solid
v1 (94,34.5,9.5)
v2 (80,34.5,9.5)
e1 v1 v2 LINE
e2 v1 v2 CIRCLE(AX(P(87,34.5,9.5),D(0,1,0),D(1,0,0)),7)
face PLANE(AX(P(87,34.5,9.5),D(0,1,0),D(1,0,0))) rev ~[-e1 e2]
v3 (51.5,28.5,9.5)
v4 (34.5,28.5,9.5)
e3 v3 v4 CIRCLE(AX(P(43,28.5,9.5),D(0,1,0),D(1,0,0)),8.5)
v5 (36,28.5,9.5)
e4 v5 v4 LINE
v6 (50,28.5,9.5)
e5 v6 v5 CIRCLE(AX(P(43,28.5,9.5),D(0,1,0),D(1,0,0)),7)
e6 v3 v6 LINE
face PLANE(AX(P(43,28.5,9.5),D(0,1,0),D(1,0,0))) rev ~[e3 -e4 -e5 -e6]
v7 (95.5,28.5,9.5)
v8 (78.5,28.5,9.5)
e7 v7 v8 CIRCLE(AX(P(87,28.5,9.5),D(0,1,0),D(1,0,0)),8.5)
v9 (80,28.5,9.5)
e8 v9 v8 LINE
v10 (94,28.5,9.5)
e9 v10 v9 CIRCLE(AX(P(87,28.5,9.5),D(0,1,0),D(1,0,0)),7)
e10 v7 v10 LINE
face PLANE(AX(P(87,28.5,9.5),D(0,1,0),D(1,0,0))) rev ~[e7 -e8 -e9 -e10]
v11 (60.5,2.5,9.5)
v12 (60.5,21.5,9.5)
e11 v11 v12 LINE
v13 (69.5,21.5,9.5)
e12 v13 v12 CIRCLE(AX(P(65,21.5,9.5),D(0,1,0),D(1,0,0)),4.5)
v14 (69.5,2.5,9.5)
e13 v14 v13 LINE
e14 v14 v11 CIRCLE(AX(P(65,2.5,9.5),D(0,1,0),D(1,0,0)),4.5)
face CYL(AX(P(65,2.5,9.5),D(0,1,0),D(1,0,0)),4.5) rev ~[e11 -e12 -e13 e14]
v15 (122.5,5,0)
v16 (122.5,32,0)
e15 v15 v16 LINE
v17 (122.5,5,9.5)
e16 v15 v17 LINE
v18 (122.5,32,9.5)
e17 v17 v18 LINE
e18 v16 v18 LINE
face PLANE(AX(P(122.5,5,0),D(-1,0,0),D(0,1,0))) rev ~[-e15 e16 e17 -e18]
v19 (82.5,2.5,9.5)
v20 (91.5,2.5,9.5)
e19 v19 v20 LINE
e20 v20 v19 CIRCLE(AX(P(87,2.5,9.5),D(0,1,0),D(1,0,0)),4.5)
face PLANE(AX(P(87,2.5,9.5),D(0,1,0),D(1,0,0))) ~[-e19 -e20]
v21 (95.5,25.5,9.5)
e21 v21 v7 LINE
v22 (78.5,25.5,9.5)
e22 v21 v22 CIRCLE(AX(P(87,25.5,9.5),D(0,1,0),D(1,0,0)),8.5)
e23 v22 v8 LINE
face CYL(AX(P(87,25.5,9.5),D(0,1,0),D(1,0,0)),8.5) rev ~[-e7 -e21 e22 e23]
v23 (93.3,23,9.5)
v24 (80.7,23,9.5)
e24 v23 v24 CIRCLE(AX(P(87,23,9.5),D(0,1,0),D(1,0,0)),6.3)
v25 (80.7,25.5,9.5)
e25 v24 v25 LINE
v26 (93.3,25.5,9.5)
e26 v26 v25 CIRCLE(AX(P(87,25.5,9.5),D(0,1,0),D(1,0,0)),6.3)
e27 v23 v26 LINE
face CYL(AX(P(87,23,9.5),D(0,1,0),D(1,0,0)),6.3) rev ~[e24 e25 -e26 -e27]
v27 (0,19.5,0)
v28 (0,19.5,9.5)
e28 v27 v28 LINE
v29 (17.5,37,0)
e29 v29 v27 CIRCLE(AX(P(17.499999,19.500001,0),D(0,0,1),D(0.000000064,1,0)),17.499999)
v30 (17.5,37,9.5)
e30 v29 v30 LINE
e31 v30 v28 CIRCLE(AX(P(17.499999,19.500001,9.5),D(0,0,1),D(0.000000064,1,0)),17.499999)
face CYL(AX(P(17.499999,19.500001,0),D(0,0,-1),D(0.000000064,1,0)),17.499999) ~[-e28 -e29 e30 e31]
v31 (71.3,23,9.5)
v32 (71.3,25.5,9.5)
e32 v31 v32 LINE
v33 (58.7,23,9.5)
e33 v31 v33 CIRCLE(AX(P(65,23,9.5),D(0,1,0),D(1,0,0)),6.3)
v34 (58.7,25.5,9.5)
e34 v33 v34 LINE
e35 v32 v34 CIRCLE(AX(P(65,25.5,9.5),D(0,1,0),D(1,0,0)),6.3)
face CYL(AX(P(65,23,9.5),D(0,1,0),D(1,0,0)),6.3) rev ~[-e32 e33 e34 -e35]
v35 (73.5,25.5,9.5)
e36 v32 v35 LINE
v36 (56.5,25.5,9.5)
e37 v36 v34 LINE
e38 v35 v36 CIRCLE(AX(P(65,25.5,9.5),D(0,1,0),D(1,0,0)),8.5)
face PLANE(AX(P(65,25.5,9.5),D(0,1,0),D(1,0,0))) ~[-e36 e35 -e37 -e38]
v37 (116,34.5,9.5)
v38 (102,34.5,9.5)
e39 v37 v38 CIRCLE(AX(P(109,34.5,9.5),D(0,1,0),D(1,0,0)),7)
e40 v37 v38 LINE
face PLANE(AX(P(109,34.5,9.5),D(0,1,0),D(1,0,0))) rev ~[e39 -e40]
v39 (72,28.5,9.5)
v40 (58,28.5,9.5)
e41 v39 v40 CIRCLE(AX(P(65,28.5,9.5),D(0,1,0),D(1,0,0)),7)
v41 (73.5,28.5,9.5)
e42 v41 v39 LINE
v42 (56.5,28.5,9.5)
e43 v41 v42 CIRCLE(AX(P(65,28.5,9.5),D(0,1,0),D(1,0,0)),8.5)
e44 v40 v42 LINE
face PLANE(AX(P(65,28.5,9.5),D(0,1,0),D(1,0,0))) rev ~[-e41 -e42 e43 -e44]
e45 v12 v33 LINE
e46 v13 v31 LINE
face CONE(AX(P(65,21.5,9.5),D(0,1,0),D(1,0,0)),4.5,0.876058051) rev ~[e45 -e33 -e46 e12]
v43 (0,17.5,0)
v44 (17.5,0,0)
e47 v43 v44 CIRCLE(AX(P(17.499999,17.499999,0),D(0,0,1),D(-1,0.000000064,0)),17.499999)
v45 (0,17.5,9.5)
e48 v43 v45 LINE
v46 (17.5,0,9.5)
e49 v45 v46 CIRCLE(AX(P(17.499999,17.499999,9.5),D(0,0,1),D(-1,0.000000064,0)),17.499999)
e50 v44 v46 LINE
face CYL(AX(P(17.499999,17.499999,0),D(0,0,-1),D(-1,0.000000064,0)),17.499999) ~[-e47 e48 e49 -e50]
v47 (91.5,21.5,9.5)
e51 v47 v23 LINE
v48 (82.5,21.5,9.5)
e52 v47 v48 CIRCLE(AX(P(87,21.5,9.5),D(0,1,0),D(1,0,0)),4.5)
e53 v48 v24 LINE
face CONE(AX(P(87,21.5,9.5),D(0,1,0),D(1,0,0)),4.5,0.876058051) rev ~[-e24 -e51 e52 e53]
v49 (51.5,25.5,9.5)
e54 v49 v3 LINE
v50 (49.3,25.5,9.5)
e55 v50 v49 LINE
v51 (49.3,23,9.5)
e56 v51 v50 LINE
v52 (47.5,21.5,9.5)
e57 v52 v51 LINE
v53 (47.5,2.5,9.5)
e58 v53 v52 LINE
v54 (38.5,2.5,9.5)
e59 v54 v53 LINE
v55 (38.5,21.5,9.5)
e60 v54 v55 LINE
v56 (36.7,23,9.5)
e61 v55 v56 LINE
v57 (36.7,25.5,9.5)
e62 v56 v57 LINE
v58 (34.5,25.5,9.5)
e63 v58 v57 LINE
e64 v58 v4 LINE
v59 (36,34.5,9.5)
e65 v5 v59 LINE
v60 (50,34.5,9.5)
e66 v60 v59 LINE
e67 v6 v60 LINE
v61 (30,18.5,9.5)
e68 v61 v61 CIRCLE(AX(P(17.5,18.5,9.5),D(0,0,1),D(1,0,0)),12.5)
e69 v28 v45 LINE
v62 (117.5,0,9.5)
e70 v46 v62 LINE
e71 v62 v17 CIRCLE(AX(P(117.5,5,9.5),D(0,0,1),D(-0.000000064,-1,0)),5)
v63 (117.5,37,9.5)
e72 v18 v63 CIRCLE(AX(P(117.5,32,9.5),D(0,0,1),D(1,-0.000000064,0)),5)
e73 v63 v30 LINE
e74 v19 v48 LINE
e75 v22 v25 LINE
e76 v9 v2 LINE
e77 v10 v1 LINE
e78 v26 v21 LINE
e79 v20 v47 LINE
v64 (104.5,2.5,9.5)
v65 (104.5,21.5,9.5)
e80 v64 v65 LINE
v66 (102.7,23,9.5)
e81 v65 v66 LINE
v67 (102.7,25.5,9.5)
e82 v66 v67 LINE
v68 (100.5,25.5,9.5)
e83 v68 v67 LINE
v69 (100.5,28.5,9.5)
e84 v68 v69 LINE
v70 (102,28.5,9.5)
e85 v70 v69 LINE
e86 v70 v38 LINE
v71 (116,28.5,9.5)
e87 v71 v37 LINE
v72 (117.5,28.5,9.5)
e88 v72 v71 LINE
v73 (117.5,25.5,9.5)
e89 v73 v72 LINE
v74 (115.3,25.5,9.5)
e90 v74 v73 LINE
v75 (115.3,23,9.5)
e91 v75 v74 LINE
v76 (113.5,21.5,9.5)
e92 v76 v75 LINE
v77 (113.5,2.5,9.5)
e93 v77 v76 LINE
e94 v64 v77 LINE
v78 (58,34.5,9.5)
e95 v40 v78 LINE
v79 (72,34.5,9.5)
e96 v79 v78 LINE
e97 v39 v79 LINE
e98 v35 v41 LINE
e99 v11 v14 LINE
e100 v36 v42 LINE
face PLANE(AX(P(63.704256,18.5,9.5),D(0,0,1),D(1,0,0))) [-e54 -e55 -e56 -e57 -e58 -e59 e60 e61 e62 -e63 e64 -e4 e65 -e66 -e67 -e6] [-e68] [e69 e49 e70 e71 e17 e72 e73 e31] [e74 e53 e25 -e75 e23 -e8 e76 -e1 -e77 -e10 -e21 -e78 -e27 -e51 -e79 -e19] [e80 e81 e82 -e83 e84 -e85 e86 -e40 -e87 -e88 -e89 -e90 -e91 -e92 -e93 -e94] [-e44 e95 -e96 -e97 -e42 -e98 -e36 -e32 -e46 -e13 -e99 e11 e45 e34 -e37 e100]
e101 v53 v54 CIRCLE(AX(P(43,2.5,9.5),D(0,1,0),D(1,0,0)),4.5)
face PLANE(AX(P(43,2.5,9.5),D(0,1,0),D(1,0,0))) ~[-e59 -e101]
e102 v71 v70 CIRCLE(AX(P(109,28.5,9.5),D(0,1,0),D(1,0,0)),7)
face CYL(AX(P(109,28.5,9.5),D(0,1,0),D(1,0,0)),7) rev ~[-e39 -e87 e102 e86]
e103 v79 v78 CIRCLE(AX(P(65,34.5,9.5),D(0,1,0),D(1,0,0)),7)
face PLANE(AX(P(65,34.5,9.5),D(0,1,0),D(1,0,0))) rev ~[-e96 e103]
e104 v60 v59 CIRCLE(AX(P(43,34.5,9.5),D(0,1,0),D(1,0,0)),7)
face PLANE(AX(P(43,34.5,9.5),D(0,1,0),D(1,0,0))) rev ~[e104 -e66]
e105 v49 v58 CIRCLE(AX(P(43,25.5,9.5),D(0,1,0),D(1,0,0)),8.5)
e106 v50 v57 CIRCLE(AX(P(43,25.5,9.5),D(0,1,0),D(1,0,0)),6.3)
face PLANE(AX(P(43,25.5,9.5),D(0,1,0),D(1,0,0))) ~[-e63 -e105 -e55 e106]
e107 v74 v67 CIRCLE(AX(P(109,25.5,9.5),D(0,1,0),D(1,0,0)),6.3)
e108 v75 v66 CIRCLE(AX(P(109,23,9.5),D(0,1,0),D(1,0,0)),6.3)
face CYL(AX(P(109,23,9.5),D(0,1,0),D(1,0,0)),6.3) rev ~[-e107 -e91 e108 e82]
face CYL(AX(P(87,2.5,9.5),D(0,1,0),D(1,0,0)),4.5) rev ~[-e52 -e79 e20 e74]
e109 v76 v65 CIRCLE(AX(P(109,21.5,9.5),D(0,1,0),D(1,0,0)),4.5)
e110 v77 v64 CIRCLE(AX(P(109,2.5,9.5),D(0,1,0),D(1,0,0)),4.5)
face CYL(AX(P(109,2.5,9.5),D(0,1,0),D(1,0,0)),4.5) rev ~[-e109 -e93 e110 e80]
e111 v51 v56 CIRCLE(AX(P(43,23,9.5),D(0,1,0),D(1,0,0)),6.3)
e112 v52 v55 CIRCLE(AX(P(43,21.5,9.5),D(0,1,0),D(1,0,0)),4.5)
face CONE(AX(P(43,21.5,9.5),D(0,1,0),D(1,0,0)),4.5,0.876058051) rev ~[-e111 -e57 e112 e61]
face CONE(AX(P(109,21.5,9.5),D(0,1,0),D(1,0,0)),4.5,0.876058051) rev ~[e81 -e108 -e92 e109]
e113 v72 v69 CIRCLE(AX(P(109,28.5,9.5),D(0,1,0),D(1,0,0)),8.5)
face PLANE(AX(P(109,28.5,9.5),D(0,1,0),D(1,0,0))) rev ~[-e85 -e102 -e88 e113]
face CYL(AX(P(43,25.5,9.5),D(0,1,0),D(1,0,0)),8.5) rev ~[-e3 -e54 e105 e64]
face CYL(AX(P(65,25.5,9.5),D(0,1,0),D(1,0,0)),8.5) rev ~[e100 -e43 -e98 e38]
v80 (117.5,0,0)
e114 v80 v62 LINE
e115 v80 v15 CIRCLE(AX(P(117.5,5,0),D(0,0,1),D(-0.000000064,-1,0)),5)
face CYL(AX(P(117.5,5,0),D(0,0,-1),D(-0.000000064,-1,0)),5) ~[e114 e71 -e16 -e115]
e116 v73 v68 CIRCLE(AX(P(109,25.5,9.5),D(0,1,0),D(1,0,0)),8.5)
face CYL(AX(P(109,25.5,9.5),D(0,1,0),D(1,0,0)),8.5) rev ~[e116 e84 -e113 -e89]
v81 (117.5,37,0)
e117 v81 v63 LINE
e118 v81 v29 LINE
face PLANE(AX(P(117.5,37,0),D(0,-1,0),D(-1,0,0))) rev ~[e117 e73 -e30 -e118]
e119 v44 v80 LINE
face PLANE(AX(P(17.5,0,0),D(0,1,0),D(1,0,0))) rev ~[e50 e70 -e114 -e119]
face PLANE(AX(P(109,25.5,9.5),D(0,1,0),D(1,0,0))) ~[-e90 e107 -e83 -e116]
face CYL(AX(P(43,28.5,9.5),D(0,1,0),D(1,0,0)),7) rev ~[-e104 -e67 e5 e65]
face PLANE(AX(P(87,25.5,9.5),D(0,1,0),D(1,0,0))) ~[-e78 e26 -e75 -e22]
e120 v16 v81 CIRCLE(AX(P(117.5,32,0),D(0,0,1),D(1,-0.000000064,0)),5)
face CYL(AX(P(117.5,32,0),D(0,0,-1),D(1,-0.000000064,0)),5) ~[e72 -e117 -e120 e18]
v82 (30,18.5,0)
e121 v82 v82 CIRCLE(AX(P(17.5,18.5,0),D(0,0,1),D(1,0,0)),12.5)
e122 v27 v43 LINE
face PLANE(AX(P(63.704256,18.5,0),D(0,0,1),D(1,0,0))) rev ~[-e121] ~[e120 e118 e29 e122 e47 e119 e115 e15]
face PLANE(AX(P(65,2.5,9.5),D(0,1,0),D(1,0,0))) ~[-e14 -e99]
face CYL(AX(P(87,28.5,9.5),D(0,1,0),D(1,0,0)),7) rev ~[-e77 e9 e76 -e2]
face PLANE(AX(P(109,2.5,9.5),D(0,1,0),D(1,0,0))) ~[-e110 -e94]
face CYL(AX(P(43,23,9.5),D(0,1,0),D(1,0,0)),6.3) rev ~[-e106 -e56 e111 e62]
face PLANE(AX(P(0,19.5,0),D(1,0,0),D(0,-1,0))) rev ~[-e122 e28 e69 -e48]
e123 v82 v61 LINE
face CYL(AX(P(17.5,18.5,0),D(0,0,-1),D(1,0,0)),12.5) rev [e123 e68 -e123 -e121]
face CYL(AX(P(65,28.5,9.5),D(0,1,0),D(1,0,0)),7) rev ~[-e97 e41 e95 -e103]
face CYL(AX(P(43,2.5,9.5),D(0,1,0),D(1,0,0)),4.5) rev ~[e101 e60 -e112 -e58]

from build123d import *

# Parameters (mm, degrees)
F0_R     = 12.5
F1_DEPTH = 9.5


with BuildPart() as f1:
    # F0 (on Top) → F1 (new body)
    with BuildSketch(Plane.XY):
        with BuildLine():
            ThreePointArc((0, 17.5), (5.125631, 5.125631), (17.5, 0))
            Line((17.5, 0), (117.5, 0))
            ThreePointArc((117.5, 0), (121.035534, 1.464466), (122.5, 5))
            Line((122.5, 5), (122.5, 32))
            ThreePointArc((122.5, 32), (121.035534, 35.535534), (117.5, 37))
            Line((117.5, 37), (17.5, 37))
            ThreePointArc((17.5, 37), (5.125631, 31.874369), (0, 19.5))
            Line((0, 19.5), (0, 17.5))
        make_face()
        with Locations((17.5, 18.5)):
            Circle(F0_R, mode=Mode.SUBTRACT)
    extrude(amount=F1_DEPTH)

    # F2 (on face) → F3 (revolve, cut)
    with BuildSketch(Plane.XY.offset(9.5)):
        Polygon((109, 21.5), (109, 2.5), (113.5, 2.5), (113.5, 21.5), (115.3, 23), (115.3, 25.5), (117.5, 25.5), (117.5, 28.5), (116, 28.5), (116, 34.5), (109, 34.5), (109, 28.5), (109, 25.5), (109, 23), align=None)
    revolve(axis=Axis((109, 12, 9.5), (0, 1, 0)), mode=Mode.SUBTRACT)

    # F2 (on face) → F4 (revolve, cut)
    with BuildSketch(Plane.XY.offset(9.5)):
        Polygon((87, 21.5), (87, 2.5), (91.5, 2.5), (91.5, 21.5), (93.3, 23), (93.3, 25.5), (95.5, 25.5), (95.5, 28.5), (94, 28.5), (94, 34.5), (87, 34.5), (87, 28.5), (87, 25.5), (87, 23), align=None)
    revolve(axis=Axis((87, 12, 9.5), (0, 1, 0)), mode=Mode.SUBTRACT)

    # F2 (on face) → F5 (revolve, cut)
    with BuildSketch(Plane.XY.offset(9.5)):
        Polygon((65, 21.5), (65, 2.5), (69.5, 2.5), (69.5, 21.5), (71.3, 23), (71.3, 25.5), (73.5, 25.5), (73.5, 28.5), (72, 28.5), (72, 34.5), (65, 34.5), (65, 28.5), (65, 25.5), (65, 23), align=None)
    revolve(axis=Axis((65, 12, 9.5), (0, 1, 0)), mode=Mode.SUBTRACT)

    # F2 (on face) → F6 (revolve, cut)
    with BuildSketch(Plane.XY.offset(9.5)):
        Polygon((43, 21.5), (43, 2.5), (47.5, 2.5), (47.5, 21.5), (49.3, 23), (49.3, 25.5), (51.5, 25.5), (51.5, 28.5), (50, 28.5), (50, 34.5), (43, 34.5), (43, 28.5), (43, 25.5), (43, 23), align=None)
    revolve(axis=Axis((43, 12, 9.5), (0, 1, 0)), mode=Mode.SUBTRACT)


solid = f1.part
